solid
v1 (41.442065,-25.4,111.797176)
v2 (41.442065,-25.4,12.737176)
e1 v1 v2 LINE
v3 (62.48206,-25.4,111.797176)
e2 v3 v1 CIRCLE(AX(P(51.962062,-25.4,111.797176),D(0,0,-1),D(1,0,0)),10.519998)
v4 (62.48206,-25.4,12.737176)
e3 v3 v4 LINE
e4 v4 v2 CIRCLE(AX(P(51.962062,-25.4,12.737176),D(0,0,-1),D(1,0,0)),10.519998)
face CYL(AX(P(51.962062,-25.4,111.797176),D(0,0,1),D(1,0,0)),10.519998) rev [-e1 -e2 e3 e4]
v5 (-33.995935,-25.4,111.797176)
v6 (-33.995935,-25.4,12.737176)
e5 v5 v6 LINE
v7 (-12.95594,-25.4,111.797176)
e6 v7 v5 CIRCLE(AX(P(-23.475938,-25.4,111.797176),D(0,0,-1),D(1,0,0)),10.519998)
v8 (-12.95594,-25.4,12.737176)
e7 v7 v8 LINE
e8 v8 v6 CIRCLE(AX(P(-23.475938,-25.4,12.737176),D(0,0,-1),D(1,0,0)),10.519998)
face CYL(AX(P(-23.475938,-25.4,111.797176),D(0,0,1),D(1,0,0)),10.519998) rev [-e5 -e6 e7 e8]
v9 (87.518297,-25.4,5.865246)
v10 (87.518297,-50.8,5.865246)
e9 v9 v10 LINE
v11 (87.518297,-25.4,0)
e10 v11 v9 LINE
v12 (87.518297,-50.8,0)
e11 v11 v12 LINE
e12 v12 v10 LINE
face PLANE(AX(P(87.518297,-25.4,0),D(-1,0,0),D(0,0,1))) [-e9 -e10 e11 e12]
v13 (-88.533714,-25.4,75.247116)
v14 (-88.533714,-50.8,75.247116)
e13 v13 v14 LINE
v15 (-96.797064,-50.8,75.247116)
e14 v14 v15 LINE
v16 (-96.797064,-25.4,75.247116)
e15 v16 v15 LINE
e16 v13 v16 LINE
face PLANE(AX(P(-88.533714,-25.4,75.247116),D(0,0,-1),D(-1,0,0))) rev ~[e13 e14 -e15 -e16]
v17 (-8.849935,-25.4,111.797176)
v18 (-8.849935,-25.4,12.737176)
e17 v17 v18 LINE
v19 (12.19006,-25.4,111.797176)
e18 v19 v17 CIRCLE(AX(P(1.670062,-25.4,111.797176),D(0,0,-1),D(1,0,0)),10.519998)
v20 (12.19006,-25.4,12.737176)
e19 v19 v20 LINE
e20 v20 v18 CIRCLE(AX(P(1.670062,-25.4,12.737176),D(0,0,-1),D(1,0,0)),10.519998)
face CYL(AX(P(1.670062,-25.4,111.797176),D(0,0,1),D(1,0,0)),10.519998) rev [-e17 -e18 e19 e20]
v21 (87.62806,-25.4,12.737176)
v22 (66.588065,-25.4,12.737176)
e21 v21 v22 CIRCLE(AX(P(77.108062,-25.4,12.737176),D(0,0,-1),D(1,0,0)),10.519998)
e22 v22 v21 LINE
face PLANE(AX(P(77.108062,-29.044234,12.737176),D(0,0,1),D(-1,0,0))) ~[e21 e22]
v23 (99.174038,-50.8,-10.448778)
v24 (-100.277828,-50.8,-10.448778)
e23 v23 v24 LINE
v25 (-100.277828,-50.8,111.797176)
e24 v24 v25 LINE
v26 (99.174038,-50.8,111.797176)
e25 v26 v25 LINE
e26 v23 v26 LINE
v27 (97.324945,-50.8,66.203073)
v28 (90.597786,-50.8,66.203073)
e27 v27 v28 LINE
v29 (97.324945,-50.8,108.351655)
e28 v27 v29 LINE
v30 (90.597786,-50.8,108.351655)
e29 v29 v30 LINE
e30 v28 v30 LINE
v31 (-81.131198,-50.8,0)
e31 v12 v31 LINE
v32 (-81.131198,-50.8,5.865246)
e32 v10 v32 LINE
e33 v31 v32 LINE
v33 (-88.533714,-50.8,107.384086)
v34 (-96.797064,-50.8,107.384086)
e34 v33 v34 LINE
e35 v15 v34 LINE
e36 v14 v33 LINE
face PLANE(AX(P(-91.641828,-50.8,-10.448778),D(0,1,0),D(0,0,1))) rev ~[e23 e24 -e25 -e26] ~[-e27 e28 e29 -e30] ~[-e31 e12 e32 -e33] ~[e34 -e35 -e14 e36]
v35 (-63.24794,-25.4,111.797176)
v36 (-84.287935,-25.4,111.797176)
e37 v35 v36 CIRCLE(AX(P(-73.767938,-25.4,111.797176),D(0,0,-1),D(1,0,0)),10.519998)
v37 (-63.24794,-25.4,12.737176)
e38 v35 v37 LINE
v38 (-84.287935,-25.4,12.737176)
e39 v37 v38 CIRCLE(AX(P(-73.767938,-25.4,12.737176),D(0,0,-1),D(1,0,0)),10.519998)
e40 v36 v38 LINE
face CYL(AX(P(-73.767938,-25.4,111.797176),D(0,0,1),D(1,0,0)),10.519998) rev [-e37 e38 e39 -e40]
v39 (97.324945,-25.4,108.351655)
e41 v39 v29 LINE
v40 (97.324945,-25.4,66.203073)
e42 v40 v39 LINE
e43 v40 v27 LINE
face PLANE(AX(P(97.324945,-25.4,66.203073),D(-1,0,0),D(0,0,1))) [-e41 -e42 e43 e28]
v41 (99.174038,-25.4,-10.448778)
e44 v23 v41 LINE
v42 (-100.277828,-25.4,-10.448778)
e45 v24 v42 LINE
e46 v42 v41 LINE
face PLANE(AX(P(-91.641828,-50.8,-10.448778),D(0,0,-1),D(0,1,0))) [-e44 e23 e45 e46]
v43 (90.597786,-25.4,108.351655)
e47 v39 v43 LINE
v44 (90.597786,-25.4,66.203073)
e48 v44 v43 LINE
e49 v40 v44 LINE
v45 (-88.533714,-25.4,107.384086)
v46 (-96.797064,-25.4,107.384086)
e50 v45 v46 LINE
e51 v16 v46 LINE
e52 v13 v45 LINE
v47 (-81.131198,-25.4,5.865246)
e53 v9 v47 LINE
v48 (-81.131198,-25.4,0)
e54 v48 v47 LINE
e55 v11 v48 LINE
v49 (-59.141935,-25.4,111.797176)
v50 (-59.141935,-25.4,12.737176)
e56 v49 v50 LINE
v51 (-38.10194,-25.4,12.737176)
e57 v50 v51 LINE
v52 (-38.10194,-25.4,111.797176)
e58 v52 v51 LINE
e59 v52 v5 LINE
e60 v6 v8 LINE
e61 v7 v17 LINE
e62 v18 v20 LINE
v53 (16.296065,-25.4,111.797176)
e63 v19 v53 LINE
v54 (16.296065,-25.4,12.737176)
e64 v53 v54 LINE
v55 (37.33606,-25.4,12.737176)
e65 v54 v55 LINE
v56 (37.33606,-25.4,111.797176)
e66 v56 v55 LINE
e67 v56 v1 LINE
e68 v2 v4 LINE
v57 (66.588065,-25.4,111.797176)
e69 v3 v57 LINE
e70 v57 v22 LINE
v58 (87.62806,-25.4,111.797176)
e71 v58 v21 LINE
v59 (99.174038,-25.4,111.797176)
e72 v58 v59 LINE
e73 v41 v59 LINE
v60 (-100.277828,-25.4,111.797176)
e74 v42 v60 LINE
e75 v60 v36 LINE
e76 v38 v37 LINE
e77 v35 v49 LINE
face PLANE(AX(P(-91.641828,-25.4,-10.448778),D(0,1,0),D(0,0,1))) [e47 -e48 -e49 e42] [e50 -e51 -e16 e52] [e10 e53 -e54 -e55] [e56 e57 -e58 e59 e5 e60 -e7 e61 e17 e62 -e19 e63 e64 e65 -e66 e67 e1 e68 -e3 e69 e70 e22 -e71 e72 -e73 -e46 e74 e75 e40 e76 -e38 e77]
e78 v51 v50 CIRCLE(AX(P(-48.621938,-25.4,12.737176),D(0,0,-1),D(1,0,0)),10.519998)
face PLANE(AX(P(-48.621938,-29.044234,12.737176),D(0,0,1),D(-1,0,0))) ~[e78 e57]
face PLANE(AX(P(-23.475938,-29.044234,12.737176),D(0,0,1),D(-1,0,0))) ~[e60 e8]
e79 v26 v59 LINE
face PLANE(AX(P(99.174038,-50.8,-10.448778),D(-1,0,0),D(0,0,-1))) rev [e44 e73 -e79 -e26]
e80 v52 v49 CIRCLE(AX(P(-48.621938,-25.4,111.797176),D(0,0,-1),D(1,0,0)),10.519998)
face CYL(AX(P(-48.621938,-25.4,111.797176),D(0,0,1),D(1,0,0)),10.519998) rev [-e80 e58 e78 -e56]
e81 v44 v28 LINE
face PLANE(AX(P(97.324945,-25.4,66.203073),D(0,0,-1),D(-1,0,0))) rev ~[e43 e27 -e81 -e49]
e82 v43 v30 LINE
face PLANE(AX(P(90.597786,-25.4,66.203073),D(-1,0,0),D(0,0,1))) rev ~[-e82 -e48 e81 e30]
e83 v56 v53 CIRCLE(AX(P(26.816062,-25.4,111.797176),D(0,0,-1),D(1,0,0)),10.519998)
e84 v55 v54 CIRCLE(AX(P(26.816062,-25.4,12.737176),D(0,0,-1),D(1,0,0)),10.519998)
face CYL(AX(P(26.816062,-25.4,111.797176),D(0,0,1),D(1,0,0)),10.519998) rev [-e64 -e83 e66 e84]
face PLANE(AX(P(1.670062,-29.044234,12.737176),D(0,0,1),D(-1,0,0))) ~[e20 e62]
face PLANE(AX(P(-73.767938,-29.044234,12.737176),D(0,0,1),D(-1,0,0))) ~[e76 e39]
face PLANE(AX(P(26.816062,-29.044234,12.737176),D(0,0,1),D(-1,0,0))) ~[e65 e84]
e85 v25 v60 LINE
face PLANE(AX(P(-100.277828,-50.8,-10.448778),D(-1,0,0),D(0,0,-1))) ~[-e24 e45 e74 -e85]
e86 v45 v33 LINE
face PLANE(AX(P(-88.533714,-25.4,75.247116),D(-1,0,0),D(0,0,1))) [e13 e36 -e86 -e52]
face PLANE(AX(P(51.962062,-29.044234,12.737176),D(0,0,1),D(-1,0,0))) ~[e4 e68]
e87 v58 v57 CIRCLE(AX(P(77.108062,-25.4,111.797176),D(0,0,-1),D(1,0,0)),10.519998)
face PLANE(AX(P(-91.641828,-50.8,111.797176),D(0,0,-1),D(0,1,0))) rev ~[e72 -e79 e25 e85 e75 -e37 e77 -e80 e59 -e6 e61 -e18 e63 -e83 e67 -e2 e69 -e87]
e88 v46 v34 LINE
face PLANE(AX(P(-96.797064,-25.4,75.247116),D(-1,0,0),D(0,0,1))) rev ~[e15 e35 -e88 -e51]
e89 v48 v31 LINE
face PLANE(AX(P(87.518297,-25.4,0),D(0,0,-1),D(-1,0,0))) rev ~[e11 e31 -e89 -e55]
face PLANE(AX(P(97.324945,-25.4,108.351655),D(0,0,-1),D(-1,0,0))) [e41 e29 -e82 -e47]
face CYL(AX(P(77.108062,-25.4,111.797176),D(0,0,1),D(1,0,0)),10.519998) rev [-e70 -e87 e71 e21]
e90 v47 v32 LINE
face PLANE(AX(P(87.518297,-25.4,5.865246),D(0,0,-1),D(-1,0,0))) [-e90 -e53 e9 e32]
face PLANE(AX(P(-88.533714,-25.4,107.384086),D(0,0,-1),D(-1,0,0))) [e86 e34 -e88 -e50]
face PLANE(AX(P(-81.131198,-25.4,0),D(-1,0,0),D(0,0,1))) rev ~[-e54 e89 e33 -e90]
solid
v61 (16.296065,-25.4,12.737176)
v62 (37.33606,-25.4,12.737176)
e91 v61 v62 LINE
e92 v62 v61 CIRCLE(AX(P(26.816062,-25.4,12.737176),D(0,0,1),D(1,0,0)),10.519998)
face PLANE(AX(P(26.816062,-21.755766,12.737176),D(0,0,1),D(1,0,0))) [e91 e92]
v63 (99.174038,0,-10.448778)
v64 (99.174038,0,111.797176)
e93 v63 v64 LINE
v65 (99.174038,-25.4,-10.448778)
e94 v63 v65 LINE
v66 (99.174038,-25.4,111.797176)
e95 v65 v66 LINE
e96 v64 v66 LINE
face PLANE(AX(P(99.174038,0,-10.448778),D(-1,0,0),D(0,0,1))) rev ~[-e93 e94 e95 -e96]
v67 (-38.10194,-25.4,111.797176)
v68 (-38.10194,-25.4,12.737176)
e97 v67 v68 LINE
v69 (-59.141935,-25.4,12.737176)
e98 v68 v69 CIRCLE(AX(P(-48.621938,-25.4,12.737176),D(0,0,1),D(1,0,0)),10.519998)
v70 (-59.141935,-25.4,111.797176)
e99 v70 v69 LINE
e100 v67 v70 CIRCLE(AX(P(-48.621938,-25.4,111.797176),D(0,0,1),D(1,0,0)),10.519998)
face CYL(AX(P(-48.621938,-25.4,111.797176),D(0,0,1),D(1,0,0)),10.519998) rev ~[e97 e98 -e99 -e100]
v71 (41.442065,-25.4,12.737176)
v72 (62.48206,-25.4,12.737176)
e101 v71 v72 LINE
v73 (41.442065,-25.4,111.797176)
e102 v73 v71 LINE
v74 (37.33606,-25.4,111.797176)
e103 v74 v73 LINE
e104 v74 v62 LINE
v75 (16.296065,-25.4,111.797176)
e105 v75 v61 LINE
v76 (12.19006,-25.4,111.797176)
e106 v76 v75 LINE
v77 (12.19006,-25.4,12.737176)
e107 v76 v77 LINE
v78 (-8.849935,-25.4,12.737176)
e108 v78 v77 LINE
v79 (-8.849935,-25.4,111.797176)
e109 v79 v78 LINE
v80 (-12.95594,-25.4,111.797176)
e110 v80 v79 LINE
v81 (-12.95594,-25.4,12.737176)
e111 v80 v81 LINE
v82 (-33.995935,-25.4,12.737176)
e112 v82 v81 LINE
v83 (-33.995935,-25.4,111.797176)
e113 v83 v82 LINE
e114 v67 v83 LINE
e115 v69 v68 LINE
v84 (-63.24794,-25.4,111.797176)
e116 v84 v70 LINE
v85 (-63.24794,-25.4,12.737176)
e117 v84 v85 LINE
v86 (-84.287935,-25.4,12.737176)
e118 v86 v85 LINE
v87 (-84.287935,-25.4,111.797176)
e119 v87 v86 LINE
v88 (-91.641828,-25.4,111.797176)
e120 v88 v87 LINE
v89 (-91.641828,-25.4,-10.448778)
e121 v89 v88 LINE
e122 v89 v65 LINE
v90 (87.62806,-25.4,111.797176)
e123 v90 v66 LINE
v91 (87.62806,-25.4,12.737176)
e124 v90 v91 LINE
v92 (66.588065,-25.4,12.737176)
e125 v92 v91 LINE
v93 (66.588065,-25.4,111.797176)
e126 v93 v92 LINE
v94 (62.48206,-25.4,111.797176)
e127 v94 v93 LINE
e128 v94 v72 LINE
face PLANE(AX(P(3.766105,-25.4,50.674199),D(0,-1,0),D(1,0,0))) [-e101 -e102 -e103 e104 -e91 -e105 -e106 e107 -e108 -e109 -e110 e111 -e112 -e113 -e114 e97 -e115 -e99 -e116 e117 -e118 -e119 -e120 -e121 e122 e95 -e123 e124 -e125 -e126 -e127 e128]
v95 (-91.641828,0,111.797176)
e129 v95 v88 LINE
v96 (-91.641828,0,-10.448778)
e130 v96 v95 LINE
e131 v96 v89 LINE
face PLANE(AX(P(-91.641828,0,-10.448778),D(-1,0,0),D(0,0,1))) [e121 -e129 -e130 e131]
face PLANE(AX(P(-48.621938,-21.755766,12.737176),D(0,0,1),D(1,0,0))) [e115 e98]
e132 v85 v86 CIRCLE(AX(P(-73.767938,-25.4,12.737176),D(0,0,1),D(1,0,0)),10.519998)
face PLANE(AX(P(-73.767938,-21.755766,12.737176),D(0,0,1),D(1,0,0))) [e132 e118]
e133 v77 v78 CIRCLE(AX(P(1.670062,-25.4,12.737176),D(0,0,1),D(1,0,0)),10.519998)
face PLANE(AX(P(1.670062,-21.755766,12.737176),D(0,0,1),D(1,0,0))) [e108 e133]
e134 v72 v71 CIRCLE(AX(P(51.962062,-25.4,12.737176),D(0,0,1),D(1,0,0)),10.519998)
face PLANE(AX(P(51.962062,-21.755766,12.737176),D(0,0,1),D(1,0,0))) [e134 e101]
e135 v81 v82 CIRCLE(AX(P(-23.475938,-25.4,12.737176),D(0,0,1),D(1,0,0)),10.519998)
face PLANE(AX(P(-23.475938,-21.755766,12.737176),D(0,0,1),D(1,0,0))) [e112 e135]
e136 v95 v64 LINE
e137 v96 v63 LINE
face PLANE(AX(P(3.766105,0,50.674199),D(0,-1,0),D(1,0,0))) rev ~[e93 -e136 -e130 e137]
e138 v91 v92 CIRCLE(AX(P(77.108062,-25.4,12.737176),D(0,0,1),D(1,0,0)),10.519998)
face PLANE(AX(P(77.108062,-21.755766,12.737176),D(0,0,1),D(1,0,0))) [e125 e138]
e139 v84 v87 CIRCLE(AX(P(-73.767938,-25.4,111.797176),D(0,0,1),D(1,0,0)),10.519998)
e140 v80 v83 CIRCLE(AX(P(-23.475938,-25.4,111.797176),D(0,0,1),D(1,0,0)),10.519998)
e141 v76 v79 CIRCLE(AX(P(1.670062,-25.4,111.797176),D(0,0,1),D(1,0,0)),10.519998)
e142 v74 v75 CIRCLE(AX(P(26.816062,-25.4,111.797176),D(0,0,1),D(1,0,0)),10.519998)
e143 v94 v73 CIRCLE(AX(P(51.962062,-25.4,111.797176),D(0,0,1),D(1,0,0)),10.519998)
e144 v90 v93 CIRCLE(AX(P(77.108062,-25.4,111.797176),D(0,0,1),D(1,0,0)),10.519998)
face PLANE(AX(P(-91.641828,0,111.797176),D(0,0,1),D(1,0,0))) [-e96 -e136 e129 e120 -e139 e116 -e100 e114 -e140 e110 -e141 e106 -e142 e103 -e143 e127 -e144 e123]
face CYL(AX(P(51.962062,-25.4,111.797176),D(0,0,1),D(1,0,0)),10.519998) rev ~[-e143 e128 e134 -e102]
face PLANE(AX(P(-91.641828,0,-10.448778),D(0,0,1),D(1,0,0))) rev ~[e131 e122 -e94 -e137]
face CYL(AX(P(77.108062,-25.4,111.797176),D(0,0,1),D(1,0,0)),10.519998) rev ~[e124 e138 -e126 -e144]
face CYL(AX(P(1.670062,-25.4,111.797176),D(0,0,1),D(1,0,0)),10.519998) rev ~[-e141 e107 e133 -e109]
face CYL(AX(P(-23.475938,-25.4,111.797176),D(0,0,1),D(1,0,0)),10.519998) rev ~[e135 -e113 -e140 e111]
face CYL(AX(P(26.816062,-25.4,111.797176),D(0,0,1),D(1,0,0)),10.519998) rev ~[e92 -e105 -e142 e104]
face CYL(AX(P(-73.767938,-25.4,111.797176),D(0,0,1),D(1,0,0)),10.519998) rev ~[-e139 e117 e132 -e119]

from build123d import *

# Parameters (mm, degrees)
F0_W      = 190.8158659935
F0_H      = 122.2459543496
F1_DEPTH  = 25.4
F3_DEPTH  = 99.06
F6_W      = 168.649494648
F6_H      = 5.8652460575
F7_DEPTH  = 25.4
F8_DEPTH  = 8.636
F9_W      = 6.7271590233
F9_H      = 42.1485826373
F9_W_2    = 8.2633495331
F9_H_2    = 32.1369692683
F10_DEPTH = 25.4


with BuildPart() as f1:
    # F0 (on Front) → F1 (new body)
    with BuildSketch(Plane.XZ):
        with Locations((3.766104579, 50.6741991267)):
            Rectangle(F0_W, F0_H)
    extrude(amount=F1_DEPTH)

    # F2 (on face) → F3 (cut)
    with BuildSketch(Plane.XY.offset(111.7971763015)):
        with BuildLine():
            Line((-84.2879353085, -25.4), (-63.2479401312, -25.4))
            ThreePointArc((-63.2479401312, -25.4), (-73.7679377198, -14.8800024114), (-84.2879353085, -25.4))
        make_face()
        with BuildLine():
            ThreePointArc((-38.1019401312, -25.4), (-48.6219377198, -14.8800024114), (-59.1419353085, -25.4))
            Line((-59.1419353085, -25.4), (-38.1019401312, -25.4))
        make_face()
        with BuildLine():
            ThreePointArc((-12.9559401312, -25.4), (-23.4759377198, -14.8800024114), (-33.9959353085, -25.4))
            Line((-33.9959353085, -25.4), (-12.9559401312, -25.4))
        make_face()
        with BuildLine():
            ThreePointArc((12.1900598688, -25.4), (1.6700622802, -14.8800024114), (-8.8499353085, -25.4))
            Line((-8.8499353085, -25.4), (12.1900598688, -25.4))
        make_face()
        with BuildLine():
            ThreePointArc((37.3360598688, -25.4), (26.8160622802, -14.8800024114), (16.2960646915, -25.4))
            Line((16.2960646915, -25.4), (37.3360598688, -25.4))
        make_face()
        with BuildLine():
            Line((66.5880646915, -25.4), (87.6280598688, -25.4))
            ThreePointArc((87.6280598688, -25.4), (77.1080622802, -14.8800024114), (66.5880646915, -25.4))
        make_face()
        with BuildLine():
            Line((41.4420646915, -25.4), (62.4820598688, -25.4))
            ThreePointArc((62.4820598688, -25.4), (51.9620622802, -14.8800024114), (41.4420646915, -25.4))
        make_face()
    extrude(amount=-F3_DEPTH, mode=Mode.SUBTRACT)


with BuildPart() as f5_1:
    # F5: instance of F1
    add(f1.part.mirror(Plane.XZ.offset(25.4)))

    # F6 (on face) → F7 (cut)
    with BuildSketch(Plane(origin=(0, -25.4, 0), x_dir=(-1, 0, 0), z_dir=(0, 1, 0))):
        with Locations((-3.1935498118, 2.9326230288)):
            Rectangle(F6_W, F6_H)
    extrude(amount=-F7_DEPTH, mode=Mode.SUBTRACT)

    # F8 (add): a face of the model
    f8_faces = [f5_1.faces().sort_by_distance(p)[0] for p in [
        (-91.6418284178, -38.1, 50.6741991267),
    ]]
    extrude(f8_faces, amount=F8_DEPTH)

    # F9 (on face) → F10 (cut)
    with BuildSketch(Plane(origin=(0, -25.4, 0), x_dir=(-1, 0, 0), z_dir=(0, 1, 0))):
        with Locations((-93.961365521, 87.2773639858)):
            Rectangle(F9_W, F9_H)
        with Locations((92.6653891802, 91.3156010211)):
            Rectangle(F9_W_2, F9_H_2)
    extrude(amount=-F10_DEPTH, mode=Mode.SUBTRACT)


solid = Compound([f1.part, f5_1.part])
